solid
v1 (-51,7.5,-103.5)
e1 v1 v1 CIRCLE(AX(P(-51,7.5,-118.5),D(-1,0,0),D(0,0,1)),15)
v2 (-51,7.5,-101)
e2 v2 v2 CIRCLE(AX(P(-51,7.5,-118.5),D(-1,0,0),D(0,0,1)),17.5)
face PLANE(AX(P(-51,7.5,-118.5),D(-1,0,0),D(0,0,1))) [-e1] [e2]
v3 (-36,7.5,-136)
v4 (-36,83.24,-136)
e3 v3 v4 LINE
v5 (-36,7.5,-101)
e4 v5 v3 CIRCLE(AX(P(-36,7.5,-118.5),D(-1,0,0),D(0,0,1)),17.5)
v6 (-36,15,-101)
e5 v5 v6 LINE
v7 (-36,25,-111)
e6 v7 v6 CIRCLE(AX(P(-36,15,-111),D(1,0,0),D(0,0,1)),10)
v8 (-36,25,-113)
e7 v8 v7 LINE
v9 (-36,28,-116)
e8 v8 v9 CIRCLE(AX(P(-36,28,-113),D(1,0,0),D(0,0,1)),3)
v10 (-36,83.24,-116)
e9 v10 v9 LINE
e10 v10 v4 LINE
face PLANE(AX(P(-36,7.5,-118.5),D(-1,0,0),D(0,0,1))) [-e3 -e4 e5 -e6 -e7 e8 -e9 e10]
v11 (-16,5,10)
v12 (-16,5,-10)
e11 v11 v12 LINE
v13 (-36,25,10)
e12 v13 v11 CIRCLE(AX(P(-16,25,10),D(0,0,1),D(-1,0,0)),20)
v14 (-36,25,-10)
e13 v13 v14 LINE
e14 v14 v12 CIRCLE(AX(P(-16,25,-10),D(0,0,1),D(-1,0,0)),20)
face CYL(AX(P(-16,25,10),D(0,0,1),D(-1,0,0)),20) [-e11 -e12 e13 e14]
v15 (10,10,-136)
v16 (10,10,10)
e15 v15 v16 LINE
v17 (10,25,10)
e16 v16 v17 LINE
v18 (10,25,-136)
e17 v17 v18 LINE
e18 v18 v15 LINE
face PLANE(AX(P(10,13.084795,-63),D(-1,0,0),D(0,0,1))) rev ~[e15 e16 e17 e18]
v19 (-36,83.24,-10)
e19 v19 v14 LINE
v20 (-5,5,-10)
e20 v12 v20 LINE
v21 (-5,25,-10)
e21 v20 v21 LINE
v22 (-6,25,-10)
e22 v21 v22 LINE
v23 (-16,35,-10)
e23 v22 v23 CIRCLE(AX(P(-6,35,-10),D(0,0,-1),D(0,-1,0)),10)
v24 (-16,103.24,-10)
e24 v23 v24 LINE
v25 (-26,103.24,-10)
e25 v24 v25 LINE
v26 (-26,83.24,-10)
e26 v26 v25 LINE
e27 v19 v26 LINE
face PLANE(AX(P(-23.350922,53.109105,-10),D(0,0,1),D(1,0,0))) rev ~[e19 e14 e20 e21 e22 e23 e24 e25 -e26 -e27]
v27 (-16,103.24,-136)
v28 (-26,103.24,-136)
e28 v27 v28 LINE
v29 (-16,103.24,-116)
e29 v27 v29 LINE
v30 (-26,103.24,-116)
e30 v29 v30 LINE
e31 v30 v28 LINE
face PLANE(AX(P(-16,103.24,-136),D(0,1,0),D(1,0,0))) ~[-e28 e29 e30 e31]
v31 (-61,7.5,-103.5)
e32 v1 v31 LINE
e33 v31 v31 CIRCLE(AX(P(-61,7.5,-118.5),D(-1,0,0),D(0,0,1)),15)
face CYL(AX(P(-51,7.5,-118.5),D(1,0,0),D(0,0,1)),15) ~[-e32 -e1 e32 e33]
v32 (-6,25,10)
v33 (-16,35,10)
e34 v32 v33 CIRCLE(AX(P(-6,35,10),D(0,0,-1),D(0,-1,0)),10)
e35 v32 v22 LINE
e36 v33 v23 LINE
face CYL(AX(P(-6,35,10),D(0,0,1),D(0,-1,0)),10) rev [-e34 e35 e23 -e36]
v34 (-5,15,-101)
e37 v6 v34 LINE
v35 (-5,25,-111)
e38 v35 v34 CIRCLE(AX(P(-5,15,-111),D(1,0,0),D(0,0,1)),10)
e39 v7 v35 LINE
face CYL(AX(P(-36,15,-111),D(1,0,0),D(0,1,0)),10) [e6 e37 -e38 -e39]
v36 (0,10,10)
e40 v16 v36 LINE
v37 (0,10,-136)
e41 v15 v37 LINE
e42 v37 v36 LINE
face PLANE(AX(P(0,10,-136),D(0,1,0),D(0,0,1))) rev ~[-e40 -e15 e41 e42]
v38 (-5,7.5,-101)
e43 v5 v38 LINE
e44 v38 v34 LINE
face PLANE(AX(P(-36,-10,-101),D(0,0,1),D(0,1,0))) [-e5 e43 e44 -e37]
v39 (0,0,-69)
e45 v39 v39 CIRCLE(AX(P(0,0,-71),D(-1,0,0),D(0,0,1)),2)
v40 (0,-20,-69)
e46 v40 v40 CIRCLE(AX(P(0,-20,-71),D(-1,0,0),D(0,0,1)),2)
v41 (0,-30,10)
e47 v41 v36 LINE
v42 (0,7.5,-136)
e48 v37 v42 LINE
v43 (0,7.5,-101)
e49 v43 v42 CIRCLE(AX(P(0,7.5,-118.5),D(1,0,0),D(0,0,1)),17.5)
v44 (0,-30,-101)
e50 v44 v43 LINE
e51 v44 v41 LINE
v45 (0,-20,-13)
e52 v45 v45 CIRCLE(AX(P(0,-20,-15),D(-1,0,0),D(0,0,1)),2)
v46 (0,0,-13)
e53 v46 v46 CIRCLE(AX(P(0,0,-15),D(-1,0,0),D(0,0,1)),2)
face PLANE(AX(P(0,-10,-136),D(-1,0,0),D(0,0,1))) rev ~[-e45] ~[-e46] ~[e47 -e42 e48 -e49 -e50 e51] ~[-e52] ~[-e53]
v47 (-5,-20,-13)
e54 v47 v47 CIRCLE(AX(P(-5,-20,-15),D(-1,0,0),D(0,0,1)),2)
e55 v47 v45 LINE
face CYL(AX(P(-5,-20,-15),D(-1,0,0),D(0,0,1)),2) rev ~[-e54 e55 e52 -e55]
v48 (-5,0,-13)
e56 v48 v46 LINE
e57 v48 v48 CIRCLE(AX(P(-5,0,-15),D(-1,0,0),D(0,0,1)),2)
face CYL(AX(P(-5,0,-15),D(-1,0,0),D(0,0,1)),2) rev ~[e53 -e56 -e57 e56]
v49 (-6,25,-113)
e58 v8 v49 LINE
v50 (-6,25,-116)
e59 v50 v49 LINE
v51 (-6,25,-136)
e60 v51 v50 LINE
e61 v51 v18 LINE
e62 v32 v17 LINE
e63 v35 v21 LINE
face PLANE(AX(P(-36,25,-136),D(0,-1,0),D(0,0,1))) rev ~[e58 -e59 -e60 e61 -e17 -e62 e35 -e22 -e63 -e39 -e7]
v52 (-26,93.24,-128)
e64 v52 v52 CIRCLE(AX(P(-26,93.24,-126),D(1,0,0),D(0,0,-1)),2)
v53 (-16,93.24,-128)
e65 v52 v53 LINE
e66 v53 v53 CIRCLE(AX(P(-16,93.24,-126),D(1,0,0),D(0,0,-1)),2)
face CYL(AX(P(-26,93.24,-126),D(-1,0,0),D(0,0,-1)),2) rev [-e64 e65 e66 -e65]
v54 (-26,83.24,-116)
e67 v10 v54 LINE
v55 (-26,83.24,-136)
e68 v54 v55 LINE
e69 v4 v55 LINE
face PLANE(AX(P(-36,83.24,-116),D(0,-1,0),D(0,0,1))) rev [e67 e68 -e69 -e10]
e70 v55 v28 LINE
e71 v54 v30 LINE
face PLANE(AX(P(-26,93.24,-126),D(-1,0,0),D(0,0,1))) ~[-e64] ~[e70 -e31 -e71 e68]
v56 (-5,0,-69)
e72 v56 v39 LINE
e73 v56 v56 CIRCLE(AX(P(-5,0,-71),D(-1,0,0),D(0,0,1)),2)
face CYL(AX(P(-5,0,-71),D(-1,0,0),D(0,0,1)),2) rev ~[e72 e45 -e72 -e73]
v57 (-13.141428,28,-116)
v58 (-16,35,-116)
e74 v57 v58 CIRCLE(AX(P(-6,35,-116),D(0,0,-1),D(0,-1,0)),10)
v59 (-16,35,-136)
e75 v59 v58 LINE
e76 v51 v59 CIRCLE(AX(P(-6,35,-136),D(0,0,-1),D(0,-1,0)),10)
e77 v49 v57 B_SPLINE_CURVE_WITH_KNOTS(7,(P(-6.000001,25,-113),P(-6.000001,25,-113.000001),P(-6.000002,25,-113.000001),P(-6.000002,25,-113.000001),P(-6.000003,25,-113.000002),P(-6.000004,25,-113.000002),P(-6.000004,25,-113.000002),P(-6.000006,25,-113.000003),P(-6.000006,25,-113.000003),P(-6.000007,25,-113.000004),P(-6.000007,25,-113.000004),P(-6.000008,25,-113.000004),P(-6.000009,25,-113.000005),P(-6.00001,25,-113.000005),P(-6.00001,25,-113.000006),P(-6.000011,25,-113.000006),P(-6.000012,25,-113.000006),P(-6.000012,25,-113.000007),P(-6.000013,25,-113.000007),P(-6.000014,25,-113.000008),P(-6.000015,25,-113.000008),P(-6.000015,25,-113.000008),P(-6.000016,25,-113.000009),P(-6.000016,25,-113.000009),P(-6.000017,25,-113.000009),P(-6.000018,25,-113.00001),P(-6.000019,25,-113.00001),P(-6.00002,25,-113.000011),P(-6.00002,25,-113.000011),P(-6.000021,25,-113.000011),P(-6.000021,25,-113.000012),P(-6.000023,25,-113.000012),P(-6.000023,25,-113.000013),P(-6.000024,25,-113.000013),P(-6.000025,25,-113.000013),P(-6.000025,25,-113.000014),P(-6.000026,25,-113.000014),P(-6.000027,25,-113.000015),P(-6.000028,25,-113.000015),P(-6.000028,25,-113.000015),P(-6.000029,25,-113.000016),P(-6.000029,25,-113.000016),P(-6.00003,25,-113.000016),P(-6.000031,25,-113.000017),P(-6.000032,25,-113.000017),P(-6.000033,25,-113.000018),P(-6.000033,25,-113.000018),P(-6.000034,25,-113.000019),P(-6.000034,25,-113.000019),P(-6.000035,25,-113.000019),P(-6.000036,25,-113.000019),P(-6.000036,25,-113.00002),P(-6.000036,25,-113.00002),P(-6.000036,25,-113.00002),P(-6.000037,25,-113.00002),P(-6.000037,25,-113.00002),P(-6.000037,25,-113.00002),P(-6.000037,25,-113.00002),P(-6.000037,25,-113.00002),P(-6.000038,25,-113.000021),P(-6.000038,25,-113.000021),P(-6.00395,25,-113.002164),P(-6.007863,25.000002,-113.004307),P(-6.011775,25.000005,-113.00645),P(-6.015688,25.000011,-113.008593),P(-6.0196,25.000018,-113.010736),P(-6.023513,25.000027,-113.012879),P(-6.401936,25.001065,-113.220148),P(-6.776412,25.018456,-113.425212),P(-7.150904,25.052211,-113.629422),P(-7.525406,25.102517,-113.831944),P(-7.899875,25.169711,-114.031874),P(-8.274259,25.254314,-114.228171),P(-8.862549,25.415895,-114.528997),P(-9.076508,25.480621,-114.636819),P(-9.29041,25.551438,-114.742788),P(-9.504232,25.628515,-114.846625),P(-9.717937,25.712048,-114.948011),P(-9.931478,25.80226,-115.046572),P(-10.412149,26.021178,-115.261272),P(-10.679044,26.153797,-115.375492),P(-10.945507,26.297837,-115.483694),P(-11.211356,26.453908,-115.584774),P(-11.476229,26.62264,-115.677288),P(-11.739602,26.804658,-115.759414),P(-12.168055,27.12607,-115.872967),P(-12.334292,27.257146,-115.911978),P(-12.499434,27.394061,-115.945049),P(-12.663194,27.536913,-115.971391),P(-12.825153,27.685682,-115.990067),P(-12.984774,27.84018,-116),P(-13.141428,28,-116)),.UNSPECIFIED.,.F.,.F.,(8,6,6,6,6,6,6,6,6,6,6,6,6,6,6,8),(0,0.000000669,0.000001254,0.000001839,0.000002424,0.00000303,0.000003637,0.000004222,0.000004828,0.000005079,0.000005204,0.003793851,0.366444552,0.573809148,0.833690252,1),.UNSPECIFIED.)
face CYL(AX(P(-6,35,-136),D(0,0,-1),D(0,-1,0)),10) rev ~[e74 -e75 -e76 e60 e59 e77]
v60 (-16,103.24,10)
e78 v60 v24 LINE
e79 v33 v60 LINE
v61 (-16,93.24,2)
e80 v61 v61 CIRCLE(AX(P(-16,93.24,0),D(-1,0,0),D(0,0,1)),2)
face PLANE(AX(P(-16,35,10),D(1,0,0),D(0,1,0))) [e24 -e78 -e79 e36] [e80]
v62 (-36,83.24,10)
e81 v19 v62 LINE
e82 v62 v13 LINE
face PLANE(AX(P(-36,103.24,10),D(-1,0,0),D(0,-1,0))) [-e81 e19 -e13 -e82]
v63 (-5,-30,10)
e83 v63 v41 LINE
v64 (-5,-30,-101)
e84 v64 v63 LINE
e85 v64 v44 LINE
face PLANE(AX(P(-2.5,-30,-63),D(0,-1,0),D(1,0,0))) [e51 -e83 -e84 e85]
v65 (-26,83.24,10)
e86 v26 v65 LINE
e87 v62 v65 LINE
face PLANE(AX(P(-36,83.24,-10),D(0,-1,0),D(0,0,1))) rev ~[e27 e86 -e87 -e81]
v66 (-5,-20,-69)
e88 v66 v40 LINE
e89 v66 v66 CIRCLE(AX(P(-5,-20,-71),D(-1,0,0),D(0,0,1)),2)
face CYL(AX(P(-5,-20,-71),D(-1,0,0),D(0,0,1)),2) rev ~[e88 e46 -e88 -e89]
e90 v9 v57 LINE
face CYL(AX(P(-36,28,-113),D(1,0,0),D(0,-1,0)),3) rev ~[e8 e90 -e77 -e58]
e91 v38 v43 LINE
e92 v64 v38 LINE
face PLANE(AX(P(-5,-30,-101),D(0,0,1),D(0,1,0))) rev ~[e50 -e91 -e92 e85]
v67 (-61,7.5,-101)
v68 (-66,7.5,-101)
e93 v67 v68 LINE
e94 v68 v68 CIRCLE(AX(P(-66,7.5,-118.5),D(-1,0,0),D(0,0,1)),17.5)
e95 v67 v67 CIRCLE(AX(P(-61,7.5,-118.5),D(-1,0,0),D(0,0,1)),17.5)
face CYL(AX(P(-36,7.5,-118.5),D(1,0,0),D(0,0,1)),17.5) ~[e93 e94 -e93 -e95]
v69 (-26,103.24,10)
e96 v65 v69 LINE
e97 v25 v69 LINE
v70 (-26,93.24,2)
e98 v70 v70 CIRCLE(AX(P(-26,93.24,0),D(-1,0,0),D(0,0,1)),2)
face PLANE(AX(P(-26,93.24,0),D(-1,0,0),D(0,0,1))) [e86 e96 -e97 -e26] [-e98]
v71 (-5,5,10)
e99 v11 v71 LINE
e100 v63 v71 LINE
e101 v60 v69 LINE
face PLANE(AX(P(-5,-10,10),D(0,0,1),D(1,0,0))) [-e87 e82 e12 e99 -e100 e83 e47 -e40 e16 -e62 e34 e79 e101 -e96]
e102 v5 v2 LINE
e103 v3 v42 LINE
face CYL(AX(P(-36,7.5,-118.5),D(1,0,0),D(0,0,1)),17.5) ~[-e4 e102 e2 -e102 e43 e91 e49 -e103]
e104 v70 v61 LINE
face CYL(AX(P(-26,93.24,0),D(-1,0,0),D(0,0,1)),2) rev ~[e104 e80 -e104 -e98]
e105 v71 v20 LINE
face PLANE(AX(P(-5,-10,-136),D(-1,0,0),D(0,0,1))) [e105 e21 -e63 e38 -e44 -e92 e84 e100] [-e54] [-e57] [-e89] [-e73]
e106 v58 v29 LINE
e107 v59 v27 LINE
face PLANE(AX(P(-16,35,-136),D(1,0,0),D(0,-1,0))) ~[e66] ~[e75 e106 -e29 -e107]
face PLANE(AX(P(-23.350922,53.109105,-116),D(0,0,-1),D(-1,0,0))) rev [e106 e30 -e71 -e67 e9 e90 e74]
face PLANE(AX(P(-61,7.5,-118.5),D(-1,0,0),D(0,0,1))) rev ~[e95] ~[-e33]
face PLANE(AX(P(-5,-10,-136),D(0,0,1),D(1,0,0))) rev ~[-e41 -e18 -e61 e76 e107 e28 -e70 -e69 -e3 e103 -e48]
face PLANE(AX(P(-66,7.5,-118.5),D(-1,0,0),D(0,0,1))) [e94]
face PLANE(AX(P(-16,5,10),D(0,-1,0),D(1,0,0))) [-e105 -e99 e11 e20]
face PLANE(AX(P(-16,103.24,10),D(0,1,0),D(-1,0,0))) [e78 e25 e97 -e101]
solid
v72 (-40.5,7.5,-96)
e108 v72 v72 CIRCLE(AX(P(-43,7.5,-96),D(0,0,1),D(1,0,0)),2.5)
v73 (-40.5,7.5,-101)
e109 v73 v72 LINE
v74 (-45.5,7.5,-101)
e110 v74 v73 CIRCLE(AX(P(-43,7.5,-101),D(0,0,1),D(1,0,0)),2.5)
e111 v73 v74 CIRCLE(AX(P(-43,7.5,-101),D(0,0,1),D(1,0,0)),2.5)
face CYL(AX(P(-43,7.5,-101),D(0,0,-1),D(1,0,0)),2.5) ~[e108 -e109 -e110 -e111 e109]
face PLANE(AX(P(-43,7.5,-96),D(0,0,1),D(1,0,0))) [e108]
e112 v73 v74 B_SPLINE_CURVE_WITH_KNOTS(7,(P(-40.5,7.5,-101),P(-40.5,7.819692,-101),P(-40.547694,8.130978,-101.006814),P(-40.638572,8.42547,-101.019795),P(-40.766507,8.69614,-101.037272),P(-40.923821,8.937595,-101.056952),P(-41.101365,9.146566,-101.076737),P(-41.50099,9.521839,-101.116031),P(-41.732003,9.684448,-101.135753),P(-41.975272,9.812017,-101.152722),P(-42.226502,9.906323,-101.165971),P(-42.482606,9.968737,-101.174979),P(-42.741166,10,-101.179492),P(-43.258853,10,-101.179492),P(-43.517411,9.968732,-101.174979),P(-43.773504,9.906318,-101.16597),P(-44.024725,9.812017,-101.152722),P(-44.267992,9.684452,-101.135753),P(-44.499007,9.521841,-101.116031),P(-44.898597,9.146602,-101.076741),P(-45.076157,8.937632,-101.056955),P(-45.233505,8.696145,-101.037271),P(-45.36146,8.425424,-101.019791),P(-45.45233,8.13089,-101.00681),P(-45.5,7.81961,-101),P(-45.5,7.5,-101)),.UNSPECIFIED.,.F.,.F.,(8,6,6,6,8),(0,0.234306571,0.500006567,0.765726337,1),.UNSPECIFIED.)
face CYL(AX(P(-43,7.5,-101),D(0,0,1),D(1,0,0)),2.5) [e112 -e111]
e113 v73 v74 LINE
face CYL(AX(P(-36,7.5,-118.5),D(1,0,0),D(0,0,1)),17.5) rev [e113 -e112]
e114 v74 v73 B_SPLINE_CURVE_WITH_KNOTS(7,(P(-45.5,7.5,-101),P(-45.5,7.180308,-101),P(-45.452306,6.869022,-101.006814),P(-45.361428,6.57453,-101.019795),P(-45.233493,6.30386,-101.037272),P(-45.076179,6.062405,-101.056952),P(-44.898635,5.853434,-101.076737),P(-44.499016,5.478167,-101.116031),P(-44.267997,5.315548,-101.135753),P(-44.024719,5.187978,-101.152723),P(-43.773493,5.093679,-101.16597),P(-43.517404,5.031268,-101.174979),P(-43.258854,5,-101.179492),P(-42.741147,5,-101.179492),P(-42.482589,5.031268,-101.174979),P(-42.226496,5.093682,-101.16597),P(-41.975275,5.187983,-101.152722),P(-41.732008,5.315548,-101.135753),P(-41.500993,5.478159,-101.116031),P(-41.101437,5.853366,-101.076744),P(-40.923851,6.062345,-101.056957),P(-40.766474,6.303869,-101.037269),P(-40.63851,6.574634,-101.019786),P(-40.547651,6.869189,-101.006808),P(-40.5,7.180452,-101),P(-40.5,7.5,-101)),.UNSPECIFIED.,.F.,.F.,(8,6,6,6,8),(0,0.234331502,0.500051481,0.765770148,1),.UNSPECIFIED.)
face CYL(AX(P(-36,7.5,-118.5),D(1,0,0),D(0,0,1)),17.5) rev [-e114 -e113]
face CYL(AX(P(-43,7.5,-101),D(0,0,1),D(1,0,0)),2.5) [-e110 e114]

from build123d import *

# Parameters (mm, degrees)
BOSS_EXTRUDE3_DEPTH              = 10
SKETCH8_W                        = 146
SKETCH8_H                        = 15
BOSS_EXTRUDE6_DEPTH              = 5
SKETCH9_W                        = 5
SKETCH9_H                        = 146
BOSS_EXTRUDE7_DEPTH              = 20
BOSS_EXTRUDE8_DEPTH              = 20
SKETCH17_W                       = 20
SKETCH17_H                       = 20
CUT_EXTRUDE4_DEPTH               = 10
SKETCH18_R                       = 2
CUT_EXTRUDE5_DEPTH               = 10
SKETCH20_W                       = 35
SKETCH20_H                       = 35
BOSS_EXTRUDE9_DEPTH              = 31
SKETCH21_R                       = 17.5
BOSS_EXTRUDE10_DEPTH             = 30
CUT_EXTRUDE6_DEPTH               = 31
FILLET1_R                        = 3
SKETCH26_R                       = 17.5
SKETCH26_R_2                     = 15
CUT_EXTRUDE9_DEPTH               = 10
FILLET2_R                        = 10
SKETCH27_W                       = 5
SKETCH27_H                       = 146
BOSS_EXTRUDE11_DEPTH             = 20
SKETCH28_W                       = 10
SKETCH28_H                       = 126
CUT_EXTRUDE10_DEPTH              = 10
SKETCH29_R                       = 2
CUT_EXTRUDE11_DEPTH              = 5
CUT_EXTRUDE12_DEPTH              = 5
SKETCH31_R                       = 2.5
BOSS_EXTRUDE12_DEPTH             = 5
BOSS_EXTRUDE12_DIRECTION_2_REACH = 37


with BuildPart() as part:
    # Sketch4 → Boss-Extrude3 (new body)
    with BuildSketch(Plane(origin=(0, 0, 0), x_dir=(0, 0, -1), z_dir=(1, 0, 0))):
        Polygon((0, 10), (-10, 10), (-10, 25), (136, 25), (136, 10), (126, 10), (126, 0), (0, 0), align=None)
    extrude(amount=BOSS_EXTRUDE3_DEPTH)

    # Sketch8 → Boss-Extrude6 (add)
    with BuildSketch(Plane.ZY):
        with Locations((-63, 17.5)):
            Rectangle(SKETCH8_W, SKETCH8_H)
    extrude(amount=BOSS_EXTRUDE6_DEPTH)

    # Sketch9 → Boss-Extrude7 (add)
    with BuildSketch(Plane.XZ.offset(-10)):
        with Locations((-2.5, -63)):
            Rectangle(SKETCH9_W, SKETCH9_H)
    extrude(amount=BOSS_EXTRUDE7_DEPTH)

    # Sketch14 → Boss-Extrude8 (add)
    with BuildSketch(Plane.XY.offset(10)):
        with BuildLine():
            Line((-5, 25), (-6, 25))
            ThreePointArc((-6, 25), (-13.071067812, 27.928932188), (-16, 35))
            Line((-16, 35), (-16, 83.24))
            Line((-16, 83.24), (-16, 103.24))
            Line((-16, 103.24), (-36, 103.24))
            Line((-36, 103.24), (-36, 93.24))
            Line((-36, 93.24), (-36, 83.24))
            Line((-36, 83.24), (-36, 25))
            ThreePointArc((-36, 25), (-30.142135624, 10.857864376), (-16, 5))
            Line((-16, 5), (-5, 5))
            Line((-5, 5), (-5, 25))
        make_face()
    boss_extrude8 = extrude(amount=-BOSS_EXTRUDE8_DEPTH)

    # Sketch17 → Cut-Extrude4 (cut)
    with BuildSketch(Plane.ZY.offset(36)):
        with Locations((0, 93.24)):
            Rectangle(SKETCH17_W, SKETCH17_H)
    cut_extrude4 = extrude(amount=-CUT_EXTRUDE4_DEPTH, mode=Mode.SUBTRACT)

    # Sketch18 → Cut-Extrude5 (cut)
    with BuildSketch(Plane.ZY.offset(26)):
        with Locations((0, 93.24)):
            Circle(SKETCH18_R)
    cut_extrude5 = extrude(amount=-CUT_EXTRUDE5_DEPTH, mode=Mode.SUBTRACT)

    # Mirror2: Boss-Extrude8, Cut-Extrude4, Cut-Extrude5 across plane
    add(boss_extrude8.mirror(Plane.XY.offset(-63)))
    add(cut_extrude4.mirror(Plane.XY.offset(-63)), mode=Mode.SUBTRACT)
    add(cut_extrude5.mirror(Plane.XY.offset(-63)), mode=Mode.SUBTRACT)

    # Sketch20 → Boss-Extrude9 (add)
    with BuildSketch(Plane.ZY.offset(36)):
        with Locations((-118.5, 7.5)):
            Rectangle(SKETCH20_W, SKETCH20_H)
    extrude(amount=-BOSS_EXTRUDE9_DEPTH)

    # Sketch21 → Boss-Extrude10 (add)
    with BuildSketch(Plane.ZY.offset(36)):
        with Locations((-118.5, 7.5)):
            Circle(SKETCH21_R)
    extrude(amount=BOSS_EXTRUDE10_DEPTH)

    # Sketch22 → Cut-Extrude6 (cut)
    with BuildSketch(Plane.ZY.offset(36)):
        with BuildLine():
            Line((-136, 7.5), (-136, -14.77740031))
            Line((-136, -14.77740031), (-101, -14.77740031))
            Line((-101, -14.77740031), (-101, 7.5))
            ThreePointArc((-101, 7.5), (-118.5, -10), (-136, 7.5))
        make_face()
    extrude(amount=-CUT_EXTRUDE6_DEPTH, mode=Mode.SUBTRACT)

    # Fillet1
    fillet1_edges = [part.edges().sort_by_distance(p)[0] for p in [
        (-21, 25, -116),
    ]]
    fillet(fillet1_edges, radius=FILLET1_R)

    # Sketch26 → Cut-Extrude9 (cut)
    with BuildSketch(Plane.ZY.offset(51)):
        with Locations((-118.5, 7.5)):
            Circle(SKETCH26_R)
        with Locations((-118.5, 7.5)):
            Circle(SKETCH26_R_2, mode=Mode.SUBTRACT)
    extrude(amount=CUT_EXTRUDE9_DEPTH, mode=Mode.SUBTRACT)

    # Fillet2
    fillet2_edges = [part.edges().sort_by_distance(p)[0] for p in [
        (-20.5, 25, -101),
    ]]
    fillet(fillet2_edges, radius=FILLET2_R)

    # Sketch27 → Boss-Extrude11 (add)
    with BuildSketch(Plane.XZ.offset(10)):
        with Locations((-2.5, -63)):
            Rectangle(SKETCH27_W, SKETCH27_H)
    extrude(amount=BOSS_EXTRUDE11_DEPTH)

    # Sketch28 → Cut-Extrude10 (cut)
    with BuildSketch(Plane.XZ):
        with Locations((5, -63)):
            Rectangle(SKETCH28_W, SKETCH28_H)
    extrude(amount=-CUT_EXTRUDE10_DEPTH, mode=Mode.SUBTRACT)

    # Sketch29 → Cut-Extrude11 (cut)
    with BuildSketch(Plane.ZY.offset(5)):
        with Locations((-15, -20)):
            Circle(SKETCH29_R)
        with Locations((-71, -20)):
            Circle(SKETCH29_R)
        with Locations((-15, 0)):
            Circle(SKETCH29_R)
        with Locations((-71, 0)):
            Circle(SKETCH29_R)
    extrude(amount=-CUT_EXTRUDE11_DEPTH, mode=Mode.SUBTRACT)

    # Sketch30 → Cut-Extrude12 (cut)
    with BuildSketch(Plane.ZY.offset(5)):
        with BuildLine():
            Line((-136, 7.5), (-136, -30))
            Line((-136, -30), (-101, -30))
            Line((-101, -30), (-101, 7.5))
            ThreePointArc((-101, 7.5), (-118.5, -10), (-136, 7.5))
        make_face()
    extrude(amount=-CUT_EXTRUDE12_DEPTH, mode=Mode.SUBTRACT)


with BuildPart() as body_2:
    # Sketch31 → Boss-Extrude12 (new body)
    with BuildSketch(Plane.XY.offset(-101)):
        with Locations((-43, 7.5)):
            Circle(SKETCH31_R)
    extrude(amount=BOSS_EXTRUDE12_DEPTH)


    # Sketch31 → Boss-Extrude12 direction 2 (add, up to next)
    with BuildSketch(Plane.XY.offset(-101), mode=Mode.PRIVATE) as boss_extrude12_direction_2_sk1:
        with Locations((-43, 7.5)):
            Circle(SKETCH31_R)
    boss_extrude12_direction_2_tool1 = extrude(boss_extrude12_direction_2_sk1.sketch, amount=-BOSS_EXTRUDE12_DIRECTION_2_REACH, mode=Mode.PRIVATE) - part.part
    add(boss_extrude12_direction_2_tool1.solids().sort_by_distance((-43, 7.5, -101))[0])
    add(boss_extrude12_direction_2_tool1.solids().sort_by_distance((-43, 7.5, -101))[1])


solid = Compound([part.part, body_2.part])
